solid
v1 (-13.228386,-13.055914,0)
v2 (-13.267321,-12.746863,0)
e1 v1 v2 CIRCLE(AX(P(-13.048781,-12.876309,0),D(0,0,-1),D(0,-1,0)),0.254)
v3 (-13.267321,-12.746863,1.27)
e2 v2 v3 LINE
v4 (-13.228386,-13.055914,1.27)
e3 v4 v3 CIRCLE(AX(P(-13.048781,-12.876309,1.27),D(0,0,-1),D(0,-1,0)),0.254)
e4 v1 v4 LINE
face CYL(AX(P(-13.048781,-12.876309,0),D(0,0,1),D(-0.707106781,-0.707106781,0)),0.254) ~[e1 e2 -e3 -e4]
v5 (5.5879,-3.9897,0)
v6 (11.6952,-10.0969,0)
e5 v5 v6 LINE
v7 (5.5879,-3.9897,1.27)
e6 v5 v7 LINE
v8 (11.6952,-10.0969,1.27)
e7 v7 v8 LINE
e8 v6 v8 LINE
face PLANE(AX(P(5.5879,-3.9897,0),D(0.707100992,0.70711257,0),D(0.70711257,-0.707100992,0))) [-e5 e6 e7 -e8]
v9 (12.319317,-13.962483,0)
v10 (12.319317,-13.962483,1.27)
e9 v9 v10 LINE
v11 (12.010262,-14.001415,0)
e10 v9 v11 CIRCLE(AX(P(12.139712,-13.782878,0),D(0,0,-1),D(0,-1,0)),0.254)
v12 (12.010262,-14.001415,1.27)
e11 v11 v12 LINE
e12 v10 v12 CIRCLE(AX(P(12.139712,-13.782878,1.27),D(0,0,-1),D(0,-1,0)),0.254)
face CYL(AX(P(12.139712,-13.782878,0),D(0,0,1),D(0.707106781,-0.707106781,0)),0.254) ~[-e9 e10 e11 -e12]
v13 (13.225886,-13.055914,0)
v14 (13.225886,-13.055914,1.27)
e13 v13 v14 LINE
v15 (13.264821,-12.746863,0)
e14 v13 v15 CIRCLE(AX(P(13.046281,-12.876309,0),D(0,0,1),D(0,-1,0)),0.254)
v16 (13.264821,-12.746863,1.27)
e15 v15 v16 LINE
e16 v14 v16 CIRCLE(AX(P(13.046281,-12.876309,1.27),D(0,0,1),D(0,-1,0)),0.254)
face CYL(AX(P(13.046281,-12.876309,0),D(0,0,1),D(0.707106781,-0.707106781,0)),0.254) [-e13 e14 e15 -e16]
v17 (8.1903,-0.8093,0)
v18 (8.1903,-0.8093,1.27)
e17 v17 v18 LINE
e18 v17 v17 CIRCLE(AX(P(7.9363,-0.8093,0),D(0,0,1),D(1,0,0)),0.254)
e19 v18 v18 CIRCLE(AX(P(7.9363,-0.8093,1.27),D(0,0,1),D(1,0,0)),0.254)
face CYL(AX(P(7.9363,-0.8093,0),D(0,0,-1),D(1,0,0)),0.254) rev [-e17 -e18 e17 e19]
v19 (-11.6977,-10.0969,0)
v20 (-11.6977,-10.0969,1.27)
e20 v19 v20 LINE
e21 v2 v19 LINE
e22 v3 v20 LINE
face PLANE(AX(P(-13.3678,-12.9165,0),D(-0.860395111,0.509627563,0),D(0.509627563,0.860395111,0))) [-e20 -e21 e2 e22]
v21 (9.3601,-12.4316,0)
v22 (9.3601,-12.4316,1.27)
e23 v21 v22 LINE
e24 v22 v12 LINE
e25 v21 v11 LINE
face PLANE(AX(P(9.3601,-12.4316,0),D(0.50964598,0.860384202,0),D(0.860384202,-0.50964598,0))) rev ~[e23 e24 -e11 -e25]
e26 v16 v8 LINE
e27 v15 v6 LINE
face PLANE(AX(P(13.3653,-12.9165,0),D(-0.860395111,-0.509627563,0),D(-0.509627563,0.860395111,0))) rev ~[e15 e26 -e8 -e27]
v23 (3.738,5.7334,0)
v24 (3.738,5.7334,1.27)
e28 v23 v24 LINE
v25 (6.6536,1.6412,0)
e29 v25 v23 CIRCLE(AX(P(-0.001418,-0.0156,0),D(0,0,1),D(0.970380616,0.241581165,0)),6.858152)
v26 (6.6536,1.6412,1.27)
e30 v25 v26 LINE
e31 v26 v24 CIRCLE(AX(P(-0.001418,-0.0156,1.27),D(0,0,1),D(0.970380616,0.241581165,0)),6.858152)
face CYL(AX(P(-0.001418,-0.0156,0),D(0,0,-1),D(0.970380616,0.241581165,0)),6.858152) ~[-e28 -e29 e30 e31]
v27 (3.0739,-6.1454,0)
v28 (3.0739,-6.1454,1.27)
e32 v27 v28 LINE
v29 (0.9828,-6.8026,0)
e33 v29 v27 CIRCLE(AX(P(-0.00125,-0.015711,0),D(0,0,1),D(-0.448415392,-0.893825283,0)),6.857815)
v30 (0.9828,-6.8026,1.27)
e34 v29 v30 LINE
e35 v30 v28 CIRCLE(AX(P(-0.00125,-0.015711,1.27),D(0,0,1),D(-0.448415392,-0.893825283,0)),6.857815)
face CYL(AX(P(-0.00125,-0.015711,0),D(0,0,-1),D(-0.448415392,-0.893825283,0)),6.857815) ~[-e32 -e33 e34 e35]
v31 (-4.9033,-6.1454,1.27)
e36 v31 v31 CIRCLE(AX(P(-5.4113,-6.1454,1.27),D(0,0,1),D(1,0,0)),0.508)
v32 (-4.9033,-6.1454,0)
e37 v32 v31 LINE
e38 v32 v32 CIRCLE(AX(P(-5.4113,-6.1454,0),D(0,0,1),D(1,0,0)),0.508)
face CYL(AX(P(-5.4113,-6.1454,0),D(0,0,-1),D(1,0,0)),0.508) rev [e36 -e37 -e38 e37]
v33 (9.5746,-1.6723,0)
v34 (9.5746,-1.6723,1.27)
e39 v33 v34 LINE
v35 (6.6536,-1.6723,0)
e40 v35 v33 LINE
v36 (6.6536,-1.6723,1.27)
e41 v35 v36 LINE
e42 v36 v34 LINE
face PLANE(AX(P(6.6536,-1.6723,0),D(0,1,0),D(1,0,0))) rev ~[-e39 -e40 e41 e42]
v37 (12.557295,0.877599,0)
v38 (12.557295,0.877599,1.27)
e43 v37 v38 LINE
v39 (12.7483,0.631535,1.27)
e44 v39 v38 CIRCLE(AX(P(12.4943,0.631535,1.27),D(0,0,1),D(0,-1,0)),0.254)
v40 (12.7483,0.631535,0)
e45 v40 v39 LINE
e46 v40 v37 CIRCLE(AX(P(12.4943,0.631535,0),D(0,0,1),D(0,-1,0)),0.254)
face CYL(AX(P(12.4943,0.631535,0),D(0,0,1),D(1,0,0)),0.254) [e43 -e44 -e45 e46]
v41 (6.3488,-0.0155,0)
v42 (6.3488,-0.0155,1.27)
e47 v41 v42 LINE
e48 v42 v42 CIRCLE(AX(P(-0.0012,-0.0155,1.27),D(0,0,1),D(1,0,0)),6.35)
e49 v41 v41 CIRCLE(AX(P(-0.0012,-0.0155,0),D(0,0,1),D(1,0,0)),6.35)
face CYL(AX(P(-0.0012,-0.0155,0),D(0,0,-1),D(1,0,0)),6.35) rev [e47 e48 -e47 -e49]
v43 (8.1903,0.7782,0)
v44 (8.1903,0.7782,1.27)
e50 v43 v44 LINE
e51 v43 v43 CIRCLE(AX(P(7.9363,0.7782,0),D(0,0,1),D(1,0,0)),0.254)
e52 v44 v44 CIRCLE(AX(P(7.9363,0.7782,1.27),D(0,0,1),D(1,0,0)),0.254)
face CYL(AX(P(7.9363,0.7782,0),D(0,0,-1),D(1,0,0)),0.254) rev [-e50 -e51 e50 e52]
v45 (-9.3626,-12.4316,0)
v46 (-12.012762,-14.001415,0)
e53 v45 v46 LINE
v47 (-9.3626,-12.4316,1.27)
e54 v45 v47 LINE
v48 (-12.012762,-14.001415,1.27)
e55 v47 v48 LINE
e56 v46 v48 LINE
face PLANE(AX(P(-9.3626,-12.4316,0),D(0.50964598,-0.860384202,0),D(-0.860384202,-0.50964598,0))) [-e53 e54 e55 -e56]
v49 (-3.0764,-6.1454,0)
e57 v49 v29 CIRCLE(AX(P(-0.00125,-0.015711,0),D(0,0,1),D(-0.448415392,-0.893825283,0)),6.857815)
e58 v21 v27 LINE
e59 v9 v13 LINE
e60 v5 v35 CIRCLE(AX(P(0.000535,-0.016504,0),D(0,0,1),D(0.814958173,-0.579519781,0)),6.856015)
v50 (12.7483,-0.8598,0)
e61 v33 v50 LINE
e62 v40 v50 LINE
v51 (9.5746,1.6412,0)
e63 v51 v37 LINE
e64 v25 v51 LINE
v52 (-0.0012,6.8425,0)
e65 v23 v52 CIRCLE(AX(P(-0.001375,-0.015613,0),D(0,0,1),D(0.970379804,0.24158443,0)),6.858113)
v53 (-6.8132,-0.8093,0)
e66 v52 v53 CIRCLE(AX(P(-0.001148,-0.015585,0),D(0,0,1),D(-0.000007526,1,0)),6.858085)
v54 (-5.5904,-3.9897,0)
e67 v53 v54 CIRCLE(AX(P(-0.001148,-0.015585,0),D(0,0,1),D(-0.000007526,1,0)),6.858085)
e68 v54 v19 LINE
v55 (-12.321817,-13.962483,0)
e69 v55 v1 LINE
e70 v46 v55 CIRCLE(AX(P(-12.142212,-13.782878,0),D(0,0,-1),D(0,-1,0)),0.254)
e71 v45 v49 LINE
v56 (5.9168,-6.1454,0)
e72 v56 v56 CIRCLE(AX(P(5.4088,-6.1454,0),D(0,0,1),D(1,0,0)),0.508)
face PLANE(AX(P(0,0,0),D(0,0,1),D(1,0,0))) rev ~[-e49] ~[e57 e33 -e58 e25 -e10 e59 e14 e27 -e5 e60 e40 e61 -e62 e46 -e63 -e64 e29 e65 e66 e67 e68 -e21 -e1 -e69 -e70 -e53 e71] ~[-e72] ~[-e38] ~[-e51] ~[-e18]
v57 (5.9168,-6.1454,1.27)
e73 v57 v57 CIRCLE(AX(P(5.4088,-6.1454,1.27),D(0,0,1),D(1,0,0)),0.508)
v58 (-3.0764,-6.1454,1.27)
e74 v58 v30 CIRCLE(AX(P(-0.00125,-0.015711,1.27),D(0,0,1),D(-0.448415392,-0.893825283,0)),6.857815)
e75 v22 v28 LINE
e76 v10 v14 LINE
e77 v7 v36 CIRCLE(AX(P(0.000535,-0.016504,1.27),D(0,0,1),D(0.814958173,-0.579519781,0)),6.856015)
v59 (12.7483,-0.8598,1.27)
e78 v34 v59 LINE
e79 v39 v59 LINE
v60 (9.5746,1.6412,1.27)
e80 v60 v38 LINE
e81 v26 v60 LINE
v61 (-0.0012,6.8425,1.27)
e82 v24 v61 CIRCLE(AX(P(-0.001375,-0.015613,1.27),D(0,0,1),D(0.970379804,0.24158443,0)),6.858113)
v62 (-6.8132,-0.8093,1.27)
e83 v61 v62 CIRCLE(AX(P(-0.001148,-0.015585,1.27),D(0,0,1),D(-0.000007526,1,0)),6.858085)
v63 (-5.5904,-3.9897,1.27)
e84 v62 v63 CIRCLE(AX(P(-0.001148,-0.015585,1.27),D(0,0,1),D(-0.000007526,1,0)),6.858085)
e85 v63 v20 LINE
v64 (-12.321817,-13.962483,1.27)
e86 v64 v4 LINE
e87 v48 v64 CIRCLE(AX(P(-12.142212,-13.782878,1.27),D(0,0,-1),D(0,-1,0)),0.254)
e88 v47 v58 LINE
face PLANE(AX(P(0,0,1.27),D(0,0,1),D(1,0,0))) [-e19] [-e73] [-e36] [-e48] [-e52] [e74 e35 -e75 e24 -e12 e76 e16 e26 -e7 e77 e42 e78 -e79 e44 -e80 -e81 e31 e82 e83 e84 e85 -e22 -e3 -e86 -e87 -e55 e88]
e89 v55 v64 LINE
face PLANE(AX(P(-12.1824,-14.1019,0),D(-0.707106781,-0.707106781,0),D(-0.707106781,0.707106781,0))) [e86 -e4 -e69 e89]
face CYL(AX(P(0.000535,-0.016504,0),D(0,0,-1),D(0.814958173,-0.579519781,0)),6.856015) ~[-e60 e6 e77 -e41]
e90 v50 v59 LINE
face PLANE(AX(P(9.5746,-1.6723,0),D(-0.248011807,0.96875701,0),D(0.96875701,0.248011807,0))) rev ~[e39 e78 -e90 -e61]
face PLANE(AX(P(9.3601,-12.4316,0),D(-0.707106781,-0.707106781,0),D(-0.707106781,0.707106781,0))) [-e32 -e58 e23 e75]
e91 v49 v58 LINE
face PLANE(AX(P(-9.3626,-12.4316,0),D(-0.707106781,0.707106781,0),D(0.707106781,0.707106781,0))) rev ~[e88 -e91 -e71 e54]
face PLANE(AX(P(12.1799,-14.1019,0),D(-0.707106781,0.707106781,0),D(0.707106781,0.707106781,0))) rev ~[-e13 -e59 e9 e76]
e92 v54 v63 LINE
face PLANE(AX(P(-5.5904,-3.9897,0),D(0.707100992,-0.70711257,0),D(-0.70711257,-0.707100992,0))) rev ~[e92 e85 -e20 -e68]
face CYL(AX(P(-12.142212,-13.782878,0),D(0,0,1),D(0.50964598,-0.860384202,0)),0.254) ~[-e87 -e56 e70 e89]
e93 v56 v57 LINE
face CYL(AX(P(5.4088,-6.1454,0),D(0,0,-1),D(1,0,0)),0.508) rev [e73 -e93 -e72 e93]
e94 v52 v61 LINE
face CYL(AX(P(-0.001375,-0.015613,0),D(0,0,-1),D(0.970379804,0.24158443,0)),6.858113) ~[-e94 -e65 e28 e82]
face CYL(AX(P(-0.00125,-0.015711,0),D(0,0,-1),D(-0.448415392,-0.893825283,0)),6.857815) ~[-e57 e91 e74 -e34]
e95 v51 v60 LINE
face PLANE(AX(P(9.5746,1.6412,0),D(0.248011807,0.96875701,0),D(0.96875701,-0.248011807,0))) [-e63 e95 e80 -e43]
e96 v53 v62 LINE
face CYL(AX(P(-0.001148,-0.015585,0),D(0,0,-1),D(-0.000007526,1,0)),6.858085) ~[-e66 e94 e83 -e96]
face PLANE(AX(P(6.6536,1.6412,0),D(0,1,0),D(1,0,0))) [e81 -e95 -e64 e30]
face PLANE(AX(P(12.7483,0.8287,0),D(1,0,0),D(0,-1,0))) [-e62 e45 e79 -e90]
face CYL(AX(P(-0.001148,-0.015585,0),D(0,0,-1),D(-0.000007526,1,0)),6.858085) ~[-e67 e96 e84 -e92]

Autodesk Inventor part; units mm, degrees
ref_plane "YZ Plane" through (0, 0, 0) normal (1, 0, 0) x (0, 1, 0)
ref_plane "XZ Plane" through (0, 0, 0) normal (0, 1, 0) x (-1, 0, 0)
ref_plane "XY Plane" through (0, 0, 0) normal (0, 0, 1) x (1, 0, 0)
sketch "Sketch1" plane through (0, 0, 0) normal (0, 0, 1) x (1, 0, 0)
  line L0 (-0.0012, 9.6891) -> (-0.0012, -0.0155) construction
  circle A0 centre (-0.0012, -0.0155) radius 6.35
  line L1 (9.3601, -12.4316) -> (3.0739, -6.1454)
  line L2 (5.5879, -3.9897) -> (11.6952, -10.0969)
  line L3 (9.3601, -12.4316) -> (12.1799, -14.1019)
  line L4 (12.1799, -14.1019) -> (13.3653, -12.9165)
  line L5 (13.3653, -12.9165) -> (11.6952, -10.0969)
  line L6 (13.4673, -0.0155) -> (-6.3512, -0.0155) construction
  arc A1 (-3.0764, -6.1454) -> (3.0739, -6.1454) centre (-0.0012, -0.0155) ccw
  arc A2 (0.9828, -6.8026) -> (3.0739, -6.1454) centre (-0.0012, -0.0155) ccw
  arc A3 (-0.0012, 6.8425) -> (-5.5904, -3.9897) centre (-0.0012, -0.0155) ccw
  arc A4 (-6.8132, -0.8093) -> (-5.5904, -3.9897) centre (-0.0012, -0.0155) ccw
  arc A5 (5.5879, -3.9897) -> (6.6536, -1.6723) centre (-0.0012, -0.0155) ccw
  arc A6 (6.6536, 1.6412) -> (3.738, 5.7334) centre (-0.0012, -0.0155) ccw
  arc A7 (5.5879, -3.9897) -> (6.6536, -1.6723) centre (-0.0012, -0.0155) ccw
  arc A8 (6.6536, 1.6412) -> (-0.0012, 6.8425) centre (-0.0012, -0.0155) ccw
  line L7 (5.5879, -3.9897) -> (21.5848, -3.9897) construction
  line L8 (-9.3626, -12.4316) -> (-3.0764, -6.1454)
  line L9 (-5.5904, -3.9897) -> (-11.6977, -10.0969)
  line L10 (-9.3626, -12.4316) -> (-12.1824, -14.1019)
  line L11 (-12.1824, -14.1019) -> (-13.3678, -12.9165)
  line L12 (-13.3678, -12.9165) -> (-11.6977, -10.0969)
  line L13 (9.5746, 1.6412) -> (12.7483, 0.8287)
  line L14 (6.6536, 1.6412) -> (9.5746, 1.6412)
  line L15 (9.5746, -1.6723) -> (12.7483, -0.8598)
  line L16 (6.6536, -1.6723) -> (9.5746, -1.6723)
  circle A9 centre (7.9363, -0.8093) radius 0.254
  circle A10 centre (7.9363, 0.7782) radius 0.254
  circle A11 centre (-5.4113, -6.1454) radius 0.508
  line L17 (12.7483, 0.8287) -> (12.7483, -0.8598)
  circle A12 centre (5.4088, -6.1454) radius 0.508
  point P0 (13.4229, -0.6871)
  point P1 (13.4673, -0.0008)
  dimension "d35" = 12.7
  dimension "d72" = 8.89
  dimension "d73" = 3.2774
  dimension "d77" = 194.36
  dimension "d78" = 1.6764
  dimension "d115" = 90
  dimension "d128" = 165.64
  dimension "d148" = 0.508
  dimension "d154" = 3.302
  dimension "d160" = 3.276
  dimension "d166" = 0.508
  dimension "d168" = 7.9375
  dimension "d169" = 0.863
  dimension "d176" = 1.016
  dimension "d182" = 3.3135
  dimension "d184" = 1.6885
  dimension "d191" = 2.921
  dimension "d234" = 24.3623
extrude "Extrusion8" add sketch "Sketch1" along normal blind 1.27
fillet "Fillet57" radius 0.254 1 edges at (-12.1824, -14.1019, 0.635)
fillet "Fillet58" radius 0.254 1 edges at (-13.3678, -12.9165, 0.635)
fillet "Fillet59" radius 0.254 1 edges at (13.3653, -12.9165, 0.635)
fillet "Fillet60" radius 0.254 1 edges at (12.1799, -14.1019, 0.635)
fillet "Fillet63" radius 0.254 1 edges at (12.7483, 0.8287, 0.635)
equation "\"BendRadius\" = Thickness"
equation "\"BendReliefWidth\" = Thickness"
equation "\"BendReliefDepth\" = 0.5 * Thickness"
equation "\"CornerReliefSize\" = 4 * Thickness"
equation "\"MinimumRemnant\" = 2 * Thickness"
equation "\"TransitionRadius\" = BendRadius"
equation "\"JacobiRadiusSize\" = BendRadius"
equation "\"GapSize\" = Thickness"
equation "\"Thickness\" = 3.048"
properties part number "CircularHeadbar_large_simple"
